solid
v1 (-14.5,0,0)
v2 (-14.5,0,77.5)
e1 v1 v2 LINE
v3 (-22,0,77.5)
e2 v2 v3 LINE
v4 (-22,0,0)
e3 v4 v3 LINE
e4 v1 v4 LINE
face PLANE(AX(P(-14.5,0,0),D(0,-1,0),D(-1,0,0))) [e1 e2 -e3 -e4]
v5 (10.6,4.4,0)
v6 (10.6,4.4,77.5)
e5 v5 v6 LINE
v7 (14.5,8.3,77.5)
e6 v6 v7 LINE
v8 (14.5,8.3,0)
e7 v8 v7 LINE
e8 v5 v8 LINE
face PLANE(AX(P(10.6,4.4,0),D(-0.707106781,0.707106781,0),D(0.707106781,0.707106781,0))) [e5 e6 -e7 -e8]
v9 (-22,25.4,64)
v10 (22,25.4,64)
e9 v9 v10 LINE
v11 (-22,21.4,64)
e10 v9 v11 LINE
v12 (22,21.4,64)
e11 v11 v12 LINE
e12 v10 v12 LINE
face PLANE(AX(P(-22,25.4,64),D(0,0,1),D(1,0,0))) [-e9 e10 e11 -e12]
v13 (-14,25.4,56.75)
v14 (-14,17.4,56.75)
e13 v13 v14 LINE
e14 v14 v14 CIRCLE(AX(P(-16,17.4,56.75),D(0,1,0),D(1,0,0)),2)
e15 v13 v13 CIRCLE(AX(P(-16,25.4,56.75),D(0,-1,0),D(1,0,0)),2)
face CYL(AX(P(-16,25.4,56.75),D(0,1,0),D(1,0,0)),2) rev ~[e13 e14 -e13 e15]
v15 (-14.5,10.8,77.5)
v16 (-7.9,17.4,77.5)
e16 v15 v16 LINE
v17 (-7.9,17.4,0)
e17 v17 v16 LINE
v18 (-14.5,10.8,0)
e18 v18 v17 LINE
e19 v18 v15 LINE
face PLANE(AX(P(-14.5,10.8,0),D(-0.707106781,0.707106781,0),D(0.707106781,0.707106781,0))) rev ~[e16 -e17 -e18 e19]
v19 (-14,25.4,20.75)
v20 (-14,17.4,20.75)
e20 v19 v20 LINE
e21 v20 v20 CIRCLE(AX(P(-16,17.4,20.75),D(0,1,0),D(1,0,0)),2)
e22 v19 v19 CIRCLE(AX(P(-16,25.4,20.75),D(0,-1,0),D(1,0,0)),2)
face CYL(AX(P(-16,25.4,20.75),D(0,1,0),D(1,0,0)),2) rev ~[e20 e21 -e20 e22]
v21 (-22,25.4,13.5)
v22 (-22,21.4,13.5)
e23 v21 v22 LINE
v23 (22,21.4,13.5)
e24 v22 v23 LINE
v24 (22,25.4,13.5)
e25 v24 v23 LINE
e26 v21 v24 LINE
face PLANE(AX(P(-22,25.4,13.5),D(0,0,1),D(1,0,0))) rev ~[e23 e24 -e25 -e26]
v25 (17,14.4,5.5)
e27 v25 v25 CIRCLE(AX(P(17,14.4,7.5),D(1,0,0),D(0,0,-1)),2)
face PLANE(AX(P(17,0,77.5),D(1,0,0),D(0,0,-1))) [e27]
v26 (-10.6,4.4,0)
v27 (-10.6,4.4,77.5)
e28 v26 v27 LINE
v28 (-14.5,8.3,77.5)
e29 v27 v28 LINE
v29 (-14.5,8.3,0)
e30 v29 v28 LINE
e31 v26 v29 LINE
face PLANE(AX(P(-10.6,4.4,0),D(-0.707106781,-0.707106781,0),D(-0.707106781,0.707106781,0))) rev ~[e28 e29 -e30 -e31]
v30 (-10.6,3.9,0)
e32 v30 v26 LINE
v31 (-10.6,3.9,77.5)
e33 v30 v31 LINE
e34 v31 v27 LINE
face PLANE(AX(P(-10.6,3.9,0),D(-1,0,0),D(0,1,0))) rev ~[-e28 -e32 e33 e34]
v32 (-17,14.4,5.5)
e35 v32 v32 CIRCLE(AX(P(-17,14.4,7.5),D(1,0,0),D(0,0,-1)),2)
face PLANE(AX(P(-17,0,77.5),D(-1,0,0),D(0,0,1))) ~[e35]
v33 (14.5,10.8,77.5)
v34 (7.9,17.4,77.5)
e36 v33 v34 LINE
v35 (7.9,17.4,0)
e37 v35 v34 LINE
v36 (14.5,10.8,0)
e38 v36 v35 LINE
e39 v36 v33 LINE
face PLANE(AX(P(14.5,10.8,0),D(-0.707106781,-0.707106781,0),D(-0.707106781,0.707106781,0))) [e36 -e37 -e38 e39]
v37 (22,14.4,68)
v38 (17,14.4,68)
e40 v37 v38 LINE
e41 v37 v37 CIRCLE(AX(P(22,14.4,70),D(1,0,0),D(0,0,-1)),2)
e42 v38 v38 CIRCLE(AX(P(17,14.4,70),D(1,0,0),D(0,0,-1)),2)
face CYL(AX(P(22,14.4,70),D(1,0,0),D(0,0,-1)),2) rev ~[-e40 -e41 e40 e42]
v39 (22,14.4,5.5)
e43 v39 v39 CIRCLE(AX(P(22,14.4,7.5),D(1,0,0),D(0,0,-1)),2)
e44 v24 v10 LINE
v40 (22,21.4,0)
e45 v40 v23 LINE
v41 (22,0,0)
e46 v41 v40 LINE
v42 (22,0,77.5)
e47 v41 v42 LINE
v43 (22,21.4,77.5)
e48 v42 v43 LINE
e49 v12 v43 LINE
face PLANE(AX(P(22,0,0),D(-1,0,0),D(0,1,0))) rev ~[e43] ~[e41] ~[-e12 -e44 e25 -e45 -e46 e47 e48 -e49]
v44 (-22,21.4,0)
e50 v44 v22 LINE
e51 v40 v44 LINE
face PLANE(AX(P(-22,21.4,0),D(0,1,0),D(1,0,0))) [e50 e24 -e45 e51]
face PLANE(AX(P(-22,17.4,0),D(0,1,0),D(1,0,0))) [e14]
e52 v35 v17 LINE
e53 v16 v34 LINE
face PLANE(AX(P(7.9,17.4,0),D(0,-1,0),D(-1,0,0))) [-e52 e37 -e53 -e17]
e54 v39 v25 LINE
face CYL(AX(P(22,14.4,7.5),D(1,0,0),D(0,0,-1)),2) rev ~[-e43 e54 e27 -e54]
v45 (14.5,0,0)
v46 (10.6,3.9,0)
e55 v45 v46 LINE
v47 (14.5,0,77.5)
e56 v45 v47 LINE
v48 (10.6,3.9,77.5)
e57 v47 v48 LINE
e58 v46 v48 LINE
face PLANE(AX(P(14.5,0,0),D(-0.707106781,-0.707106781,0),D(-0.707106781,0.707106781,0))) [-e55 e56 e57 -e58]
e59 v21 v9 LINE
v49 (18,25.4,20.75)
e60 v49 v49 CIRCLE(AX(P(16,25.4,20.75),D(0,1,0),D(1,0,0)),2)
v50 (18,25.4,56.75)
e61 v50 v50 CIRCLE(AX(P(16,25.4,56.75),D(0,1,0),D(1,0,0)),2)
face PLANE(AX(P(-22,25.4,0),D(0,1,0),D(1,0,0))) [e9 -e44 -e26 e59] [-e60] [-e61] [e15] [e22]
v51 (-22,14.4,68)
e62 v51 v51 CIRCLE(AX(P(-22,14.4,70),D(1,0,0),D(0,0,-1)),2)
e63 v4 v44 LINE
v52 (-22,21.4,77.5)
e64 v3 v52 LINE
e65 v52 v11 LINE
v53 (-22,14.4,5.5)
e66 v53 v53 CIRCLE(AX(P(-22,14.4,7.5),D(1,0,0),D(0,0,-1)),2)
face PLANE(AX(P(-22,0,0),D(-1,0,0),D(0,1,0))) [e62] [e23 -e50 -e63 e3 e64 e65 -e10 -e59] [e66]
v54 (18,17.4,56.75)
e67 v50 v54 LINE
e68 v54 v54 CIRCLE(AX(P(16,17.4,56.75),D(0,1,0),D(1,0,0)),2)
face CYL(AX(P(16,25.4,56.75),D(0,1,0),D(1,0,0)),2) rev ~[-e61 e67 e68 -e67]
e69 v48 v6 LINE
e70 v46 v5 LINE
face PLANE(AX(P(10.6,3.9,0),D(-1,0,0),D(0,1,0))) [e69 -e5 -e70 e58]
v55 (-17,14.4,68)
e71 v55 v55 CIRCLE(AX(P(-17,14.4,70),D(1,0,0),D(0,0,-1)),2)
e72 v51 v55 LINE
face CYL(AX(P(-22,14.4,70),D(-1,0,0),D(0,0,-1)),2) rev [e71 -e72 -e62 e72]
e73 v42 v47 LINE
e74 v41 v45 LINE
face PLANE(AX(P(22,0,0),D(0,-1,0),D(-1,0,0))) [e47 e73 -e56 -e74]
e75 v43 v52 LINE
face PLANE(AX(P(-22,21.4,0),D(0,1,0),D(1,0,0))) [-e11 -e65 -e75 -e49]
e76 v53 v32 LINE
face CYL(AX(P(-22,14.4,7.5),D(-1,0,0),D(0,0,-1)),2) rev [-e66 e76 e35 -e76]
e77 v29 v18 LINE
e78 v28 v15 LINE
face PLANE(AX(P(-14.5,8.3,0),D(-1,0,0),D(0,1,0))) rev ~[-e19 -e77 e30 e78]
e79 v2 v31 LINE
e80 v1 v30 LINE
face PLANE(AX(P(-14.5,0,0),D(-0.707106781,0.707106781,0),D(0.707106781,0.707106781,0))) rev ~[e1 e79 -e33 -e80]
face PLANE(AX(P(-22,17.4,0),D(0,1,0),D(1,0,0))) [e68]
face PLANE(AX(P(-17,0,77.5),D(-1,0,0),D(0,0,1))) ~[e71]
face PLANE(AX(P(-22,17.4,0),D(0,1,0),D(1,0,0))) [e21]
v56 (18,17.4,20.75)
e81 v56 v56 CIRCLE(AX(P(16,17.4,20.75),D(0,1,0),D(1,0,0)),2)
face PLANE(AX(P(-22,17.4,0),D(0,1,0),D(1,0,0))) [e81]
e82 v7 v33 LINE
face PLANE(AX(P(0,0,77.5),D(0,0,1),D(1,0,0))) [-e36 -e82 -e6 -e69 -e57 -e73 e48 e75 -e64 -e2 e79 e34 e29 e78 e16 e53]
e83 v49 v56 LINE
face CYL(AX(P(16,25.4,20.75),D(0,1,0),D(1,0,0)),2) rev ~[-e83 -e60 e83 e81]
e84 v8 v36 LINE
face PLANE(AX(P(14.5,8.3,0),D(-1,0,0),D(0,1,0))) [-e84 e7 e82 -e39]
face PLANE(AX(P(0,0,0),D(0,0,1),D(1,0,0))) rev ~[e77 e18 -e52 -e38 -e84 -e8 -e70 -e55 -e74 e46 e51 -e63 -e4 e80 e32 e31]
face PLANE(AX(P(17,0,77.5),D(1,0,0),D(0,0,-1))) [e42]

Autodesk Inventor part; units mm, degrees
ref_plane "YZ Plane" through (0, 0, 0) normal (1, 0, 0) x (0, 1, 0)
ref_plane "XZ Plane" through (0, 0, 0) normal (0, 1, 0) x (-1, 0, 0)
ref_plane "XY Plane" through (0, 0, 0) normal (0, 0, 1) x (1, 0, 0)
sketch "Sketch1" plane through (0, 0, 0) normal (0, 0, 1) x (1, 0, 0)
  line L0 (0, 0) -> (-22, 0)
  line L1 (-22, 0) -> (-22, 0)
  line L2 (-22, 0) -> (-14.5, 0)
  line L3 (-22, 0) -> (-22, 25.4)
  line L4 (-22, 25.4) -> (0, 25.4)
  line L5 (-29.0722, -4.6) -> (-18.7593, -4.6) construction
  line L6 (-22, 0) -> (0, 0) construction
  line L7 (0, 0) -> (22, 0) construction
  line L8 (0, -10.6) -> (0, 31.4) construction
  line L9 (0, -4.6) -> (0, 12.9) construction
  line L10 (0, -4.6) -> (-10, -4.6) construction
  line L11 (0, -4.6) -> (10, -4.6) construction
  line L12 (-10, -4.6) -> (-10, 0) construction
  line L13 (-10, 0) -> (-6.1, 3.9) construction
  line L14 (-6.1, 3.9) -> (-6.1, 4.4) construction
  line L15 (-6.1, 4.4) -> (-10, 8.3) construction
  line L16 (-10, 8.3) -> (-10, 10.8) construction
  line L17 (-10, 10.8) -> (-7.9, 12.9) construction
  line L18 (-7.9, 12.9) -> (0, 12.9) construction
  line L19 (10, 0) -> (6.1, 3.9) construction
  line L20 (6.1, 3.9) -> (6.1, 4.4) construction
  line L21 (6.1, 4.4) -> (10, 8.3) construction
  line L22 (10, 8.3) -> (10, 10.8) construction
  line L23 (10, 10.8) -> (7.9, 12.9) construction
  line L24 (10, -4.6) -> (10, 0) construction
  line L25 (7.9, 12.9) -> (0, 12.9) construction
  line L26 (-14.5, 8.3) -> (-14.5, 10.8)
  line L27 (-14.5, 10.8) -> (-7.9, 17.4)
  line L28 (-7.9, 17.4) -> (0, 17.4)
  line L29 (-14.5, 0) -> (-10.6, 3.9)
  line L30 (-10.6, 3.9) -> (-10.6, 4.4)
  line L31 (-10.6, 4.4) -> (-14.5, 8.3)
  line L32 (-10.6, 3.9) -> (-6.1, 3.9) construction
  line L33 (-10, 8.3) -> (-14.5, 8.3) construction
  line L34 (22, 0) -> (14.5, 0)
  line L35 (22, 0) -> (22, 25.4)
  line L36 (22, 25.4) -> (0, 25.4)
  line L37 (14.5, 8.3) -> (14.5, 10.8)
  line L38 (14.5, 10.8) -> (7.9, 17.4)
  line L39 (7.9, 17.4) -> (0, 17.4)
  line L40 (14.5, 0) -> (10.6, 3.9)
  line L41 (10.6, 3.9) -> (10.6, 4.4)
  line L42 (10.6, 4.4) -> (14.5, 8.3)
  point P0 (-3.95, 17.4)
  dimension "d0" = 4.6
  dimension "d1" = 44
  dimension "d3" = 17.5
  dimension "d4" = 20
  dimension "d5" = 4.6
  dimension "d6" = 8.5
  dimension "d7" = 135
  dimension "d8" = 0.5
  dimension "d9" = 135
  dimension "d10" = 2.5
  dimension "d11" = 7.5
  dimension "d12" = 25.4
  dimension "d13" = 45
  dimension "d14" = 135
  dimension "d15" = 2.5
  dimension "d16" = 0.5
  dimension "d17" = 135
  dimension "d19" = 4.5
extrude "Extrusion1" add sketch "Sketch1" along normal blind 77.5
sketch "Sketch2" plane through (-22, 25.4, 0) normal (0, 1, 0) x (1, 0, 0)
  circle A0 centre (6, -20.75) radius 2
  circle A1 centre (6, -56.75) radius 2
  line L0 (6, -20.75) -> (6, -56.75)
  circle A2 centre (38, -20.75) radius 2
  circle A3 centre (38, -56.75) radius 2
  line L1 (38, -20.75) -> (38, -56.75) construction
  line L2 (22, 0) -> (22, -77.5) construction
  line L3 (44, -77.5) -> (0, -77.5) construction
  line L4 (38, -38.75) -> (22, -38.75) construction
  line L5 (6, -38.75) -> (22, -38.75) construction
  line L6 (0, 0) -> (0, -77.5) construction
  line L7 (44, -64) -> (0, -64) construction
  line L8 (0, -64) -> (0, -13.5) construction
  line L9 (0, -13.5) -> (44, -13.5) construction
  line L10 (44, -13.5) -> (44, -64) construction
  line L11 (44, -64) -> (0, -13.5) construction
  line L12 (0, -64) -> (44, -13.5) construction
  line L13 (44, 0) -> (44, -77.5) projected
  line L14 (0, -13.5) -> (44, -13.5)
  line L15 (44, -13.5) -> (44, 0)
  line L16 (44, 0) -> (0, 0)
  line L17 (0, 0) -> (0, -13.5)
  line L18 (0, -64) -> (44, -64)
  line L19 (44, -64) -> (44, -77.5)
  line L20 (44, -77.5) -> (0, -77.5)
  line L21 (0, -77.5) -> (0, -64)
  point P0 (7.5, -77.5)
  dimension "d22" = 36
  dimension "d23" = 4
  dimension "d24" = 4
  dimension "d25" = 36
  dimension "d26" = 4
  dimension "d27" = 4
  dimension "d29" = 32
  dimension "d30" = 50.5
extrude "Extrusion2" cut sketch "Sketch2" against normal blind 8 contours A0 | A1 | A2 | A3
extrude "Extrusion3" cut sketch "Sketch2" against normal blind 4 contours L13 L20 L21 L18 | L13 L14 L17 L16
sketch "Sketch3" plane through (22, 0, 77.5) normal (1, 0, 0) x (0, 0, -1)
  circle A0 centre (7.5, 14.4) radius 2
  circle A1 centre (70, 14.4) radius 2
  line L0 (64, 21.4) -> (64, 25.4) projected
  line L1 (13.5, 25.4) -> (13.5, 21.4) projected
  line L2 (13.5, 21.4) -> (0, 21.4) projected
  line L3 (77.5, 21.4) -> (64, 21.4) projected
  point P0 (77.5, 0)
  point P1 (64, 23.4)
  dimension "d35" = 6
  dimension "d36" = 6
  dimension "d37" = 7
  dimension "d38" = 7
  dimension "d39" = 4
  dimension "d40" = 4
extrude "Extrusion4" cut sketch "Sketch3" against normal blind 5
mirror "Mirror1" about plane through (0, 0, 0) normal (1, 0, 0) of "Extrusion4"
equation "\"d15\" = d10"
equation "\"d16\" = d8"
properties part number "HGH20CA Slider Block"
